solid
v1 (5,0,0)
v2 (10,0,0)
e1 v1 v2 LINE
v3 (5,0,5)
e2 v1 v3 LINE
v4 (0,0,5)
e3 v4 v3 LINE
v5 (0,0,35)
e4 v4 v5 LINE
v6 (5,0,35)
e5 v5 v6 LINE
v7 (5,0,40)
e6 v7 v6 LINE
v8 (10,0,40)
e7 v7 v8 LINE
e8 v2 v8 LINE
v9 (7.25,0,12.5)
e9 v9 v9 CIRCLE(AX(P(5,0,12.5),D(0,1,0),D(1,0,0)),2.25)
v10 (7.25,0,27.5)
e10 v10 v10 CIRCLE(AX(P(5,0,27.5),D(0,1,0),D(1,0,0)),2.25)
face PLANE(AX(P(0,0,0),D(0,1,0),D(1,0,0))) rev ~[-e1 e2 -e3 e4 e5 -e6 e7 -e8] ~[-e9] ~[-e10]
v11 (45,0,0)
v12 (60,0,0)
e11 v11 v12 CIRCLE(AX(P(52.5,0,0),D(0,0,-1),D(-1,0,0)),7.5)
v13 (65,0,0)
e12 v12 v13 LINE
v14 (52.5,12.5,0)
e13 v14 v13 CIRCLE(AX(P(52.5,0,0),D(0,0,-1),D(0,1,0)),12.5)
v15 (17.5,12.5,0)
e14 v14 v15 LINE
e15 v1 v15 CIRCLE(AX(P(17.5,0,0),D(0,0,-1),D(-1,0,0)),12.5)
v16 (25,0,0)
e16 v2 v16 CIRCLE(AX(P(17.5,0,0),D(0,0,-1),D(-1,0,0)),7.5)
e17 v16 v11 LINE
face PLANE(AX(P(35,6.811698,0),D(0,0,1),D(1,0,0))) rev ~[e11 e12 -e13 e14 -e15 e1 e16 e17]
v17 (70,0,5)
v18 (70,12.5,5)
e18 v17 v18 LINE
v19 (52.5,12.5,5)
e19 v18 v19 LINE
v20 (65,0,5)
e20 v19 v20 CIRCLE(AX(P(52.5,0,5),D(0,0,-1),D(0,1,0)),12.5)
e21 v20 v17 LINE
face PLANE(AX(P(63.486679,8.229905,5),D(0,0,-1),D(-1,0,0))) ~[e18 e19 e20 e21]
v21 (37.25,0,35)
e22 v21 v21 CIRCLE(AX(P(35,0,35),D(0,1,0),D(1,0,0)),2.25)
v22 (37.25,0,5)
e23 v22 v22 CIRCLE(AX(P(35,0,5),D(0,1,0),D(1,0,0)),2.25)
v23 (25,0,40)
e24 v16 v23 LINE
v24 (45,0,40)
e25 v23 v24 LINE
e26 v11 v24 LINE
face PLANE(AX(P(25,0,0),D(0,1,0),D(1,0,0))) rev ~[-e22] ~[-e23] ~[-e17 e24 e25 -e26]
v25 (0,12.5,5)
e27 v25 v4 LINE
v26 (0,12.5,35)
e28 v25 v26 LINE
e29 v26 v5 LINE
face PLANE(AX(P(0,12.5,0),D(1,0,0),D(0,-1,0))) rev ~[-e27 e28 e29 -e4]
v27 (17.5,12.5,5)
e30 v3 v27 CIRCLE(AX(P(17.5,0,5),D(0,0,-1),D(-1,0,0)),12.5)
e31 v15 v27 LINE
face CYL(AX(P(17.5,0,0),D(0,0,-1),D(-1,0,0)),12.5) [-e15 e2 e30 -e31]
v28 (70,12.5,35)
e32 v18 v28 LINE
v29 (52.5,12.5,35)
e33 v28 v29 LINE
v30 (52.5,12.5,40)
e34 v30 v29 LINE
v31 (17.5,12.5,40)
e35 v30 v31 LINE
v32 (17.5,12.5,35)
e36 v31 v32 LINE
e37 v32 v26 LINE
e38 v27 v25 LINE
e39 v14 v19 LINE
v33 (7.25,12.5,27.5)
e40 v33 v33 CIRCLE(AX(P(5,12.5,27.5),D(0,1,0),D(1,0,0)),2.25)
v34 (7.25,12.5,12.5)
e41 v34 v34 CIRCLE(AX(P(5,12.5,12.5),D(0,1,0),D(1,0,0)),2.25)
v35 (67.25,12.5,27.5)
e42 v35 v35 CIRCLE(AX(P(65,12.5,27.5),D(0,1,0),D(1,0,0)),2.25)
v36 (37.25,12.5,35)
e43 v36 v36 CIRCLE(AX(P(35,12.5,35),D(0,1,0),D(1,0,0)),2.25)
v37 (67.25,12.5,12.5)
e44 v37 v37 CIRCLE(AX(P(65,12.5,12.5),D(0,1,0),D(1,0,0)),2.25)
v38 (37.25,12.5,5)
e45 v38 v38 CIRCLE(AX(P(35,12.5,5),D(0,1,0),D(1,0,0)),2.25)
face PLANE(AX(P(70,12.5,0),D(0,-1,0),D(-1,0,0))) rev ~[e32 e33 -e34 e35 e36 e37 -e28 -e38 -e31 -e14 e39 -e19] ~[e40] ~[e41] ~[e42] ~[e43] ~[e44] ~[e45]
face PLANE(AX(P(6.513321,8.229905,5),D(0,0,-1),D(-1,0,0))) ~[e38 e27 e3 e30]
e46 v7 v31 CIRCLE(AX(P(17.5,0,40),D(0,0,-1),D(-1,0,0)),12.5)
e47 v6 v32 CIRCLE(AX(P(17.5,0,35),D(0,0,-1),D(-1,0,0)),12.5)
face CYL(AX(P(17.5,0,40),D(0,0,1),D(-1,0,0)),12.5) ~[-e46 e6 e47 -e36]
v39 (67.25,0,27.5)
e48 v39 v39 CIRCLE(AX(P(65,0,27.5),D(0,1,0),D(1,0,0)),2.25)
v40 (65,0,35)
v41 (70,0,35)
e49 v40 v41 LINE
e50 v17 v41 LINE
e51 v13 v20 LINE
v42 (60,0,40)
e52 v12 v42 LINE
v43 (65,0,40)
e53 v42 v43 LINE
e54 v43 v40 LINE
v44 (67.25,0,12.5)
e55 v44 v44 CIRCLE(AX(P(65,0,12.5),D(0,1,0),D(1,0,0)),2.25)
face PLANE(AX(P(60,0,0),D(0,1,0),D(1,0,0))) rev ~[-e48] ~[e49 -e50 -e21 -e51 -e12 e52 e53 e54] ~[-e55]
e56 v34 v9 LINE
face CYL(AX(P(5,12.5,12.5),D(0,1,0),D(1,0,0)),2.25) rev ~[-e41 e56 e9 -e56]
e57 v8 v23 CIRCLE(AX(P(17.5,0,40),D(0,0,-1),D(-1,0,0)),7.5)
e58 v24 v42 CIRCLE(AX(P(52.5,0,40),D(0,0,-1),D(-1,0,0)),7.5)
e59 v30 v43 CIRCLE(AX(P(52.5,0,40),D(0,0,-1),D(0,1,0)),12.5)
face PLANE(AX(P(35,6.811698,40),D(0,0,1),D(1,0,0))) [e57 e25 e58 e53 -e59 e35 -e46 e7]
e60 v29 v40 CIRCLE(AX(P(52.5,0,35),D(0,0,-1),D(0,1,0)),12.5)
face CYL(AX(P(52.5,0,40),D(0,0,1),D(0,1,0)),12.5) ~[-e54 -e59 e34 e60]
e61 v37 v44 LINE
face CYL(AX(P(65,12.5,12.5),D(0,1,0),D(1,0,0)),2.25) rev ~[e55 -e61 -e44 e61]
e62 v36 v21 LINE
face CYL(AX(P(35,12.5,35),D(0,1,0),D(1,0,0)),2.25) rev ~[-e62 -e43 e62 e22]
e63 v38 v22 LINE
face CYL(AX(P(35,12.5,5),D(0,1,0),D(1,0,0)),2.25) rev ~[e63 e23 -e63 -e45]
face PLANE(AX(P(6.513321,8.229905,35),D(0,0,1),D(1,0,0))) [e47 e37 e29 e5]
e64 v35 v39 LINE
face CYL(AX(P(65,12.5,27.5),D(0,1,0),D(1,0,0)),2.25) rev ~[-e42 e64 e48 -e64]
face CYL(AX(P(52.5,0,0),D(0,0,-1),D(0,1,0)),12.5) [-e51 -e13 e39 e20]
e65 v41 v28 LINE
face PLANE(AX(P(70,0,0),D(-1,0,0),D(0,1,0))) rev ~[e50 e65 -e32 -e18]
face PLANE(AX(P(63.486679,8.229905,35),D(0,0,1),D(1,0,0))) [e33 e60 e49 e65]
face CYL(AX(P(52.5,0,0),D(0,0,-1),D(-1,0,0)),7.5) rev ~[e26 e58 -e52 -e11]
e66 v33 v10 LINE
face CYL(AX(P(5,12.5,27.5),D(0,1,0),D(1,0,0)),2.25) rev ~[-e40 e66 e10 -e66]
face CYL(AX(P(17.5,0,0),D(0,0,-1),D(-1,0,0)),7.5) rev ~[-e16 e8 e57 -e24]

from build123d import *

# Parameters (mm, degrees)
BOSS_EXTRUDE1_DEPTH = 40
CUT_EXTRUDE1_DEPTH  = 5
CUT_EXTRUDE2_REACH  = 14.5
SKETCH3_R           = 2.25


with BuildPart() as part:
    # Sketch1 → Boss-Extrude1 (new body)
    with BuildSketch(Plane.XY):
        with BuildLine():
            Line((0, 0), (10, 0))
            ThreePointArc((10, 0), (17.5, 7.5), (25, 0))
            Line((25, 0), (45, 0))
            ThreePointArc((45, 0), (52.5, 7.5), (60, 0))
            Line((60, 0), (70, 0))
            Line((70, 0), (70, 12.5))
            Line((70, 12.5), (0, 12.5))
            Line((0, 12.5), (0, 0))
        make_face()
    extrude(amount=BOSS_EXTRUDE1_DEPTH)

    # Sketch2 → Cut-Extrude1 (cut)
    with BuildSketch(Plane.XY.offset(40)):
        with BuildLine():
            Line((0, 0), (5, 0))
            ThreePointArc((5, 0), (8.661165235, 8.838834765), (17.5, 12.5))
            Line((17.5, 12.5), (0, 12.5))
            Line((0, 12.5), (0, 0))
        make_face()
        with BuildLine():
            Line((65, 0), (70, 0))
            Line((70, 0), (70, 12.5))
            Line((70, 12.5), (52.5, 12.5))
            ThreePointArc((52.5, 12.5), (61.338834765, 8.838834765), (65, 0))
        make_face()
    cut_extrude1 = extrude(amount=-CUT_EXTRUDE1_DEPTH, mode=Mode.SUBTRACT)

    # Mirror1: Cut-Extrude1 across plane
    add(cut_extrude1.mirror(Plane(origin=(0, 0, 20), x_dir=(1, 0, 0), z_dir=(0, 0, -1))), mode=Mode.SUBTRACT)

    # Sketch3 → Cut-Extrude2 (cut, up to next)
    with BuildSketch(Plane(origin=(0, 12.5, 0), x_dir=(1, 0, 0), z_dir=(0, 1, 0)), mode=Mode.PRIVATE) as cut_extrude2_sk1:
        with Locations((35, -5)):
            Circle(SKETCH3_R)
    cut_extrude2_tool1 = extrude(cut_extrude2_sk1.sketch, amount=-CUT_EXTRUDE2_REACH, mode=Mode.PRIVATE) & part.part
    add(cut_extrude2_tool1.solids().sort_by_distance((35, 12.5, 5))[0], mode=Mode.SUBTRACT)
    # Sketch3 → Cut-Extrude2 (cut, up to next)
    with BuildSketch(Plane(origin=(0, 12.5, 0), x_dir=(1, 0, 0), z_dir=(0, 1, 0)), mode=Mode.PRIVATE) as cut_extrude2_sk2:
        with Locations((35, -35)):
            Circle(SKETCH3_R)
    cut_extrude2_tool2 = extrude(cut_extrude2_sk2.sketch, amount=-CUT_EXTRUDE2_REACH, mode=Mode.PRIVATE) & part.part
    add(cut_extrude2_tool2.solids().sort_by_distance((35, 12.5, 35))[0], mode=Mode.SUBTRACT)
    # Sketch3 → Cut-Extrude2 (cut, up to next)
    with BuildSketch(Plane(origin=(0, 12.5, 0), x_dir=(1, 0, 0), z_dir=(0, 1, 0)), mode=Mode.PRIVATE) as cut_extrude2_sk3:
        with Locations((5, -12.5)):
            Circle(SKETCH3_R)
    cut_extrude2_tool3 = extrude(cut_extrude2_sk3.sketch, amount=-CUT_EXTRUDE2_REACH, mode=Mode.PRIVATE) & part.part
    add(cut_extrude2_tool3.solids().sort_by_distance((5, 12.5, 12.5))[0], mode=Mode.SUBTRACT)
    # Sketch3 → Cut-Extrude2 (cut, up to next)
    with BuildSketch(Plane(origin=(0, 12.5, 0), x_dir=(1, 0, 0), z_dir=(0, 1, 0)), mode=Mode.PRIVATE) as cut_extrude2_sk4:
        with Locations((5, -27.5)):
            Circle(SKETCH3_R)
    cut_extrude2_tool4 = extrude(cut_extrude2_sk4.sketch, amount=-CUT_EXTRUDE2_REACH, mode=Mode.PRIVATE) & part.part
    add(cut_extrude2_tool4.solids().sort_by_distance((5, 12.5, 27.5))[0], mode=Mode.SUBTRACT)
    # Sketch3 → Cut-Extrude2 (cut, up to next)
    with BuildSketch(Plane(origin=(0, 12.5, 0), x_dir=(1, 0, 0), z_dir=(0, 1, 0)), mode=Mode.PRIVATE) as cut_extrude2_sk5:
        with Locations((65, -12.5)):
            Circle(SKETCH3_R)
    cut_extrude2_tool5 = extrude(cut_extrude2_sk5.sketch, amount=-CUT_EXTRUDE2_REACH, mode=Mode.PRIVATE) & part.part
    add(cut_extrude2_tool5.solids().sort_by_distance((65, 12.5, 12.5))[0], mode=Mode.SUBTRACT)
    # Sketch3 → Cut-Extrude2 (cut, up to next)
    with BuildSketch(Plane(origin=(0, 12.5, 0), x_dir=(1, 0, 0), z_dir=(0, 1, 0)), mode=Mode.PRIVATE) as cut_extrude2_sk6:
        with Locations((65, -27.5)):
            Circle(SKETCH3_R)
    cut_extrude2_tool6 = extrude(cut_extrude2_sk6.sketch, amount=-CUT_EXTRUDE2_REACH, mode=Mode.PRIVATE) & part.part
    add(cut_extrude2_tool6.solids().sort_by_distance((65, 12.5, 27.5))[0], mode=Mode.SUBTRACT)


solid = part.part
